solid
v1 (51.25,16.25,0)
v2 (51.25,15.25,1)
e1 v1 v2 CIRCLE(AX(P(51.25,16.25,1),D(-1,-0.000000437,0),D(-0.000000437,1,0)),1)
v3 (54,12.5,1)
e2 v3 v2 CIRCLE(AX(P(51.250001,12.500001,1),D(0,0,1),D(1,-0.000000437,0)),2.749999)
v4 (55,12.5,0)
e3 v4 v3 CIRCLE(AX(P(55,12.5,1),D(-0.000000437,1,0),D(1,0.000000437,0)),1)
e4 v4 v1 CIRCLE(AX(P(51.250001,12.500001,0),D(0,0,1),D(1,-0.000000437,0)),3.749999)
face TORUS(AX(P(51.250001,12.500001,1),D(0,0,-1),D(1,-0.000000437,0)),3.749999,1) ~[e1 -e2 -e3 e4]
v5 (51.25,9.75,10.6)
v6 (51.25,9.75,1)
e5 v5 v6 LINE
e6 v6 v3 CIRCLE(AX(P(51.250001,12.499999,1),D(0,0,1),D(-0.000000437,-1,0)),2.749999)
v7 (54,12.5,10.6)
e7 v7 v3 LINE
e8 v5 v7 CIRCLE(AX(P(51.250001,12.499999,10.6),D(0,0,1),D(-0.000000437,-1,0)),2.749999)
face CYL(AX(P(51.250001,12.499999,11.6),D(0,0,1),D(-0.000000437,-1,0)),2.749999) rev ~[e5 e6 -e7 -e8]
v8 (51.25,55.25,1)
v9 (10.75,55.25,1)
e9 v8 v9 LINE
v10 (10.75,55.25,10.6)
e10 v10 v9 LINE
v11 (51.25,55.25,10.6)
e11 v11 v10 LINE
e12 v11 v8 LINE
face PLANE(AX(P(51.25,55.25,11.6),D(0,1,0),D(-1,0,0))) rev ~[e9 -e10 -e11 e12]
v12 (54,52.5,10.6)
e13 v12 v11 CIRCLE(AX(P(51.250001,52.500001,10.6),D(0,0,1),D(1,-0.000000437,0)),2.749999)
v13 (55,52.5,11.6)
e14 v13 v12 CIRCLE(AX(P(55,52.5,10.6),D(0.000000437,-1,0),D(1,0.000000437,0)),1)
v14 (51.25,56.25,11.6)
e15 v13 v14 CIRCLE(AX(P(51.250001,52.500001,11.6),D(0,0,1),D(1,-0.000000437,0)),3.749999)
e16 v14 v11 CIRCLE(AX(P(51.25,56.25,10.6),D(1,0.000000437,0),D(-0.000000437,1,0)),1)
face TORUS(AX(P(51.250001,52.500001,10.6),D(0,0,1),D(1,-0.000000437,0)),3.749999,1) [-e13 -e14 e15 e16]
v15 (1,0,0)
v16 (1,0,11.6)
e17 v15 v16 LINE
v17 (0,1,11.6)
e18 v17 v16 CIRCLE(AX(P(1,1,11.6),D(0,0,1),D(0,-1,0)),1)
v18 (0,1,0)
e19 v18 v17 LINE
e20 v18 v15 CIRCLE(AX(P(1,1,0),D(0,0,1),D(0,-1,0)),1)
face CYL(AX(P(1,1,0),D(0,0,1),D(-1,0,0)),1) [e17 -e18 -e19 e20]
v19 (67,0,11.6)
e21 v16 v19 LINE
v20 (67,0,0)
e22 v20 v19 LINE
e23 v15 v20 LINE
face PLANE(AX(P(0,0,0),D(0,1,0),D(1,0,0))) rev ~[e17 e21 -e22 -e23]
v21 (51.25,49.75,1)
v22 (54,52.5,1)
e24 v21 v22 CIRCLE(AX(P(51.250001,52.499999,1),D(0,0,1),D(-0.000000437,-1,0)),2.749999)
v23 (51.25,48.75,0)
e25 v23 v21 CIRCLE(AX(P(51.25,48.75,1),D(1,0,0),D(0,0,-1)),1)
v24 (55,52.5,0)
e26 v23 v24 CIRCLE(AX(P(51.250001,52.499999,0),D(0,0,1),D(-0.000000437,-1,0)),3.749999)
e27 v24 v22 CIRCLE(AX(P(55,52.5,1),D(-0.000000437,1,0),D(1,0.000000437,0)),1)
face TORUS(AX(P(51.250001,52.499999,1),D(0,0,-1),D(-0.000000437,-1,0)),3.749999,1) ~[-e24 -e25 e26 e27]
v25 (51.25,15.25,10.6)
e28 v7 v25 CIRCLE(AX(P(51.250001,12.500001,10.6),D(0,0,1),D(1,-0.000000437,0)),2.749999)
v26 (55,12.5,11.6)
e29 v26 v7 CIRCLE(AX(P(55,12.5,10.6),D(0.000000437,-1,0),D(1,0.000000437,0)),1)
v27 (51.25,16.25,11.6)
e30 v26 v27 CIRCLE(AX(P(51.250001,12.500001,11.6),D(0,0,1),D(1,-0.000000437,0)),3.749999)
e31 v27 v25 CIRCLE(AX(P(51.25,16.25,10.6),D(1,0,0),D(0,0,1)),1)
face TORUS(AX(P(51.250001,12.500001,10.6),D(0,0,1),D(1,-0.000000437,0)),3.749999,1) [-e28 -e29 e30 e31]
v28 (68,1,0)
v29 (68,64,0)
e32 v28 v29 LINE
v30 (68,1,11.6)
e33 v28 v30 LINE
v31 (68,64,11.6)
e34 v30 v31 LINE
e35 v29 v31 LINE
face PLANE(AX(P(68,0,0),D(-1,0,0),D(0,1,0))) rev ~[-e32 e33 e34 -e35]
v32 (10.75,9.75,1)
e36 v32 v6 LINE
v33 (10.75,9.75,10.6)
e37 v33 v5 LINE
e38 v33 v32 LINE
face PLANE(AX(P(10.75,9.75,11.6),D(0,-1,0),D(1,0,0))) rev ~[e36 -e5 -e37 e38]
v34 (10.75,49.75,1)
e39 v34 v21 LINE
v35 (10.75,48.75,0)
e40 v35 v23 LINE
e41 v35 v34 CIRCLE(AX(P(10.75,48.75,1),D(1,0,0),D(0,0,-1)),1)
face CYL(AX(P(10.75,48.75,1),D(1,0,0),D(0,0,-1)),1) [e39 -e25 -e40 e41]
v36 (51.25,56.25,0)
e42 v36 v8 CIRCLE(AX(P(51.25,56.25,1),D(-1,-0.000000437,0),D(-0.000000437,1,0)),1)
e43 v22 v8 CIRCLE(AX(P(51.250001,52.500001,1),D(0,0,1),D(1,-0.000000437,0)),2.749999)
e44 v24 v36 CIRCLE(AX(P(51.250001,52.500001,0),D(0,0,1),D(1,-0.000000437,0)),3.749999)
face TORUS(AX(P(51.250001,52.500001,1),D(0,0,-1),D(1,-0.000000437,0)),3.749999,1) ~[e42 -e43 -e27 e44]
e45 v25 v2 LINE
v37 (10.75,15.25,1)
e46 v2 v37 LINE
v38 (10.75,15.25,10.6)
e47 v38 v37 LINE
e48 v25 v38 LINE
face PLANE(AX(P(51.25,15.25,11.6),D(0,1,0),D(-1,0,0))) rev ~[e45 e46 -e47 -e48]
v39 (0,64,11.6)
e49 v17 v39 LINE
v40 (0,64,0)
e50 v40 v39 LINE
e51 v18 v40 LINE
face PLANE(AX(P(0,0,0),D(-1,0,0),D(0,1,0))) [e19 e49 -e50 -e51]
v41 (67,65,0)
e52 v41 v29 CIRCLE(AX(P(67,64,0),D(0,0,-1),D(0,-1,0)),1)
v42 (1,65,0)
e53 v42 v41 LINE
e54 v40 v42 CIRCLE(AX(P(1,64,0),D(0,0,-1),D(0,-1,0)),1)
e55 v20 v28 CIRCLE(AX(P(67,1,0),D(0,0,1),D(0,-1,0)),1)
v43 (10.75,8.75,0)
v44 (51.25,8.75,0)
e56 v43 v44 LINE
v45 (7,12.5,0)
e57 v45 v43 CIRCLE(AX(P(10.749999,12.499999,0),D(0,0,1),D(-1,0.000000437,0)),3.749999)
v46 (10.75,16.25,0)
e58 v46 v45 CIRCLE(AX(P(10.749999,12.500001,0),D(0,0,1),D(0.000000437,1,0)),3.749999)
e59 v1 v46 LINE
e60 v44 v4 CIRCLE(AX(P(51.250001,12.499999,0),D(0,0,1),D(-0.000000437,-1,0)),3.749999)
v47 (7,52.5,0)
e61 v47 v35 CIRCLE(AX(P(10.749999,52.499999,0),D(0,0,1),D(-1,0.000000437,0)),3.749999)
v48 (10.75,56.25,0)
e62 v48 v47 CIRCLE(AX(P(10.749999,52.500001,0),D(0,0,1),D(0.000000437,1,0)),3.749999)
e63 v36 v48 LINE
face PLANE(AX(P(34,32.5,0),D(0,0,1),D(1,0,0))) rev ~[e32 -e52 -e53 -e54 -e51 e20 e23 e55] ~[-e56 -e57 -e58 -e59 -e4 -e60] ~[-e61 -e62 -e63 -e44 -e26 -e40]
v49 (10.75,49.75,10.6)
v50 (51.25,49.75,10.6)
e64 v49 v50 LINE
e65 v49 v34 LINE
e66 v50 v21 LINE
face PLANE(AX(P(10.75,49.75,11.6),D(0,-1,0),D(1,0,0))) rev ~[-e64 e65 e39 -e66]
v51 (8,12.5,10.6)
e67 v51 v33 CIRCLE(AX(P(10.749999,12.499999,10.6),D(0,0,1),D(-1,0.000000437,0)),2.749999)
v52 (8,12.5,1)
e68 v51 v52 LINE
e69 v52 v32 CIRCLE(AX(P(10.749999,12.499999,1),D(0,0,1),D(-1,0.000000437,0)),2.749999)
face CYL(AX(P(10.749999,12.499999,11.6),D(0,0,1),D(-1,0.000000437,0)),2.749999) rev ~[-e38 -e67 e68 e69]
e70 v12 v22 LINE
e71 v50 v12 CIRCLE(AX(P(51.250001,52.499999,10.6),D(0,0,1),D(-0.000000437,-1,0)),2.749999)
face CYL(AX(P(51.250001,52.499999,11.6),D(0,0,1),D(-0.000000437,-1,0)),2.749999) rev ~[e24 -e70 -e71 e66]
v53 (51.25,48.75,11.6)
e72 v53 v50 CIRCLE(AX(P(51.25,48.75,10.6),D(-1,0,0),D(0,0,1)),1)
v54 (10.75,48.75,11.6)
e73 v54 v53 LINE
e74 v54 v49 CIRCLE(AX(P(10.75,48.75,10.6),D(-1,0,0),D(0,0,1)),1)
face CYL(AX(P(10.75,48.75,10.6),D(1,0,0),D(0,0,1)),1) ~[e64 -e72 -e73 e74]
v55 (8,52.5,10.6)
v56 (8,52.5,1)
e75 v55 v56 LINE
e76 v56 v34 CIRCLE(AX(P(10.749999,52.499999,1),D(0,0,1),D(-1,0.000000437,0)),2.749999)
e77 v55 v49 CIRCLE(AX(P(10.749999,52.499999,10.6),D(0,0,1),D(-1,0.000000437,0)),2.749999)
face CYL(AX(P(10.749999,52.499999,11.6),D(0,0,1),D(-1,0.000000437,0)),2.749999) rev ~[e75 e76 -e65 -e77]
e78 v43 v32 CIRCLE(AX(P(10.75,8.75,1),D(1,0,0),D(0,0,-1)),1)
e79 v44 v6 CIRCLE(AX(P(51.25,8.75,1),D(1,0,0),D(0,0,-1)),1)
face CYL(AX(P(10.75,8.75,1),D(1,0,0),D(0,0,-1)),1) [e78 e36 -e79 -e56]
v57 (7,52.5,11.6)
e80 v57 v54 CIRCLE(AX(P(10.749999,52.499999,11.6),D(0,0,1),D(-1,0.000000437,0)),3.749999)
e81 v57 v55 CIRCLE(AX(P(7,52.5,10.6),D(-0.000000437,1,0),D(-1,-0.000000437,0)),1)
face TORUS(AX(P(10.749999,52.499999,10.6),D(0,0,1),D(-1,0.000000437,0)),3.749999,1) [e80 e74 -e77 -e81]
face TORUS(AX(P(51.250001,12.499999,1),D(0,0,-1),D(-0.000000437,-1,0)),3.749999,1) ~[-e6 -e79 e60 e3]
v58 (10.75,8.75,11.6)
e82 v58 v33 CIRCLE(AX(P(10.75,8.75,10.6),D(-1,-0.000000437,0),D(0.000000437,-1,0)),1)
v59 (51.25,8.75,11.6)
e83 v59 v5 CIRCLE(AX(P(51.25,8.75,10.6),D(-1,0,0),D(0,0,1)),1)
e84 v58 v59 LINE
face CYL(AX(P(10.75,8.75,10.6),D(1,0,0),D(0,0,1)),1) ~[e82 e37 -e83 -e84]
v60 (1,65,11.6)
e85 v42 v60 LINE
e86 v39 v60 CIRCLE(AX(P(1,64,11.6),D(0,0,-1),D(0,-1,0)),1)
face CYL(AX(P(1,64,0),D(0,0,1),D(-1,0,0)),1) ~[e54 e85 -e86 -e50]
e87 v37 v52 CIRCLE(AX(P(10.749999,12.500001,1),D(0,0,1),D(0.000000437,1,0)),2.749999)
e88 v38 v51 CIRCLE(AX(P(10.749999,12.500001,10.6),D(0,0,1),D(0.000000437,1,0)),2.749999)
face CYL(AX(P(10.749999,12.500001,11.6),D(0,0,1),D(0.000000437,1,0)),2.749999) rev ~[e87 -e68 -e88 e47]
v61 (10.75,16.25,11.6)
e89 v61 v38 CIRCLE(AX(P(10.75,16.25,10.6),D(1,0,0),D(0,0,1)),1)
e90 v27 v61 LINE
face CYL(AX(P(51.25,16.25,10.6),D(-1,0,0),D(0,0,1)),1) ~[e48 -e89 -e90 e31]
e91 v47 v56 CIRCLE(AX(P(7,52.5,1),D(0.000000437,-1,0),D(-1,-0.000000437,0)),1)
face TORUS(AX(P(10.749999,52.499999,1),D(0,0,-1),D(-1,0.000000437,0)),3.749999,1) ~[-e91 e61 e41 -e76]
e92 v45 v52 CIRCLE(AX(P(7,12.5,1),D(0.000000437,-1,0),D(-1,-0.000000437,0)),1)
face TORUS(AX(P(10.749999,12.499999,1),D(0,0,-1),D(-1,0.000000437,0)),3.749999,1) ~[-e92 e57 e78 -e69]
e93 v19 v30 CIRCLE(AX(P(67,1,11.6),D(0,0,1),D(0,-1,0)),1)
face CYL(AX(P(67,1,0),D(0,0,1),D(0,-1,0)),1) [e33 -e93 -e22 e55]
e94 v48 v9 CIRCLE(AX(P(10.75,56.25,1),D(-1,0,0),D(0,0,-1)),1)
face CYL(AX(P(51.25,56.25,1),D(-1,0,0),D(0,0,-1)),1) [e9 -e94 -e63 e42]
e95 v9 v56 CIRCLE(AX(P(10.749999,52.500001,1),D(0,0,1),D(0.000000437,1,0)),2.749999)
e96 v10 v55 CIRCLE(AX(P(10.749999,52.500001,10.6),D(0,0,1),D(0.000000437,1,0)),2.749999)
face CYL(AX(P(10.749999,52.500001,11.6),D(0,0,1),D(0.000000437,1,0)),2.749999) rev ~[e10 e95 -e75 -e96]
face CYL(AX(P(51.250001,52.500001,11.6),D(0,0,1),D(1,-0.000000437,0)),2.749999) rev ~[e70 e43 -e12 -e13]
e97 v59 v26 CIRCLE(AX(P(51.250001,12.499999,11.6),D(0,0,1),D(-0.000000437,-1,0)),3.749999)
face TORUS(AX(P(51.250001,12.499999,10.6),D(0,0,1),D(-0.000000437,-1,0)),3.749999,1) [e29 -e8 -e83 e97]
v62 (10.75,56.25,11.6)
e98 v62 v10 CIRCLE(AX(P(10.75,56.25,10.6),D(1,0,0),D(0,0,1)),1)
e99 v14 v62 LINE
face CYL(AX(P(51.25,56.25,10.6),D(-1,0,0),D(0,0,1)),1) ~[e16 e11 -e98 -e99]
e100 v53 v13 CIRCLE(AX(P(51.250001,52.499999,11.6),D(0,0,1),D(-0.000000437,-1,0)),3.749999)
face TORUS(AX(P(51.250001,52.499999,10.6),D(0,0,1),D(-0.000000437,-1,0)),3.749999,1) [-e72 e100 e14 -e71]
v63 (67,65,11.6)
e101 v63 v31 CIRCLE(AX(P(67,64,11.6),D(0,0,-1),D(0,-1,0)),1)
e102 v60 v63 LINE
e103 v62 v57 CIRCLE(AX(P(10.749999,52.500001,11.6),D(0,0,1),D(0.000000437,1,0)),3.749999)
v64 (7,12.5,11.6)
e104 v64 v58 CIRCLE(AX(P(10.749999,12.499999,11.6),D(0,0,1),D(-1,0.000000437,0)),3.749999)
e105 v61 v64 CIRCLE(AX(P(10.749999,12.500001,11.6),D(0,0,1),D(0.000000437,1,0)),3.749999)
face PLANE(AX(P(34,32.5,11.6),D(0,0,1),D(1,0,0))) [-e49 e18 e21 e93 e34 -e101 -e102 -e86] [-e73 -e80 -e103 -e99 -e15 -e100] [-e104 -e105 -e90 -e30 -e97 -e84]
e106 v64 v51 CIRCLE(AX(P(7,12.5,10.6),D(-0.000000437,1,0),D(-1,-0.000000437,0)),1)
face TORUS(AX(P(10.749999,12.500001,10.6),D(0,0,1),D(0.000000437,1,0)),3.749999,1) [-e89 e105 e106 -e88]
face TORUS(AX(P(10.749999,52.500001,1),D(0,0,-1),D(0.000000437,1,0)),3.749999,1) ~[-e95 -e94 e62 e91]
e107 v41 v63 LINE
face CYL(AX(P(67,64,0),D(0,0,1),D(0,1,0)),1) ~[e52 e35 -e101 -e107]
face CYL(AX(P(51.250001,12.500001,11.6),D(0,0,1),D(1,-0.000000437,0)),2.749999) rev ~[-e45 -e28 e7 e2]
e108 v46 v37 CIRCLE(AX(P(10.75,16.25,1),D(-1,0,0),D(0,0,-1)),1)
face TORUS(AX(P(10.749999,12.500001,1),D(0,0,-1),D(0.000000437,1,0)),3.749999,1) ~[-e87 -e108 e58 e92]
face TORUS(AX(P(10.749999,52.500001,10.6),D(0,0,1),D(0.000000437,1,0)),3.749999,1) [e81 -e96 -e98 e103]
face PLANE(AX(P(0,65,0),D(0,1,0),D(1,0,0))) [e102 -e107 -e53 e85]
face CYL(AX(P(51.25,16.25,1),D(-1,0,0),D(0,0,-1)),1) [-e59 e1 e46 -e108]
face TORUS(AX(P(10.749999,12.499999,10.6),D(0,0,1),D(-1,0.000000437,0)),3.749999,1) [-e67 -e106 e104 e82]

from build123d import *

# Parameters (mm, degrees)
F0_W     = 68
F0_H     = 65
F1_DEPTH = 11.6
F3_DEPTH = 25
F4_R     = 1


with BuildPart() as f1:
    # F0 (on Top) → F1 (new body)
    with BuildSketch(Plane.XY):
        with Locations((34, 32.5)):
            Rectangle(F0_W, F0_H)
    extrude(amount=F1_DEPTH)

    # F2 (on face) → F3 (cut)
    with BuildSketch(Plane.XY.offset(11.6)):
        with BuildLine():
            Line((51.25, 15.25), (10.75, 15.25))
            ThreePointArc((10.75, 15.25), (8.805456, 14.444544), (8, 12.5))
            ThreePointArc((8, 12.5), (8.805456, 10.555456), (10.75, 9.75))
            Line((10.75, 9.75), (51.25, 9.75))
            ThreePointArc((51.25, 9.75), (53.194544, 10.555456), (54, 12.5))
            ThreePointArc((54, 12.5), (53.194544, 14.444544), (51.25, 15.25))
        make_face()
        with BuildLine():
            Line((51.25, 55.25), (10.75, 55.25))
            ThreePointArc((10.75, 55.25), (8.805456, 54.444544), (8, 52.5))
            ThreePointArc((8, 52.5), (8.805456, 50.555456), (10.75, 49.75))
            Line((10.75, 49.75), (51.25, 49.75))
            ThreePointArc((51.25, 49.75), (53.194544, 50.555456), (54, 52.5))
            ThreePointArc((54, 52.5), (53.194544, 54.444544), (51.25, 55.25))
        make_face()
    extrude(amount=-F3_DEPTH, mode=Mode.SUBTRACT)

    # F4
    f4_edges = [f1.edges().sort_by_distance(p)[0] for p in [
        (31, 49.75, 0),
        (31, 9.75, 0),
        (31, 49.75, 11.6),
        (31, 15.25, 11.6),
        (68, 0, 5.8),
        (68, 65, 5.8),
        (0, 65, 5.8),
        (0, 0, 5.8),
    ]]
    fillet(f4_edges, radius=F4_R)


solid = f1.part
